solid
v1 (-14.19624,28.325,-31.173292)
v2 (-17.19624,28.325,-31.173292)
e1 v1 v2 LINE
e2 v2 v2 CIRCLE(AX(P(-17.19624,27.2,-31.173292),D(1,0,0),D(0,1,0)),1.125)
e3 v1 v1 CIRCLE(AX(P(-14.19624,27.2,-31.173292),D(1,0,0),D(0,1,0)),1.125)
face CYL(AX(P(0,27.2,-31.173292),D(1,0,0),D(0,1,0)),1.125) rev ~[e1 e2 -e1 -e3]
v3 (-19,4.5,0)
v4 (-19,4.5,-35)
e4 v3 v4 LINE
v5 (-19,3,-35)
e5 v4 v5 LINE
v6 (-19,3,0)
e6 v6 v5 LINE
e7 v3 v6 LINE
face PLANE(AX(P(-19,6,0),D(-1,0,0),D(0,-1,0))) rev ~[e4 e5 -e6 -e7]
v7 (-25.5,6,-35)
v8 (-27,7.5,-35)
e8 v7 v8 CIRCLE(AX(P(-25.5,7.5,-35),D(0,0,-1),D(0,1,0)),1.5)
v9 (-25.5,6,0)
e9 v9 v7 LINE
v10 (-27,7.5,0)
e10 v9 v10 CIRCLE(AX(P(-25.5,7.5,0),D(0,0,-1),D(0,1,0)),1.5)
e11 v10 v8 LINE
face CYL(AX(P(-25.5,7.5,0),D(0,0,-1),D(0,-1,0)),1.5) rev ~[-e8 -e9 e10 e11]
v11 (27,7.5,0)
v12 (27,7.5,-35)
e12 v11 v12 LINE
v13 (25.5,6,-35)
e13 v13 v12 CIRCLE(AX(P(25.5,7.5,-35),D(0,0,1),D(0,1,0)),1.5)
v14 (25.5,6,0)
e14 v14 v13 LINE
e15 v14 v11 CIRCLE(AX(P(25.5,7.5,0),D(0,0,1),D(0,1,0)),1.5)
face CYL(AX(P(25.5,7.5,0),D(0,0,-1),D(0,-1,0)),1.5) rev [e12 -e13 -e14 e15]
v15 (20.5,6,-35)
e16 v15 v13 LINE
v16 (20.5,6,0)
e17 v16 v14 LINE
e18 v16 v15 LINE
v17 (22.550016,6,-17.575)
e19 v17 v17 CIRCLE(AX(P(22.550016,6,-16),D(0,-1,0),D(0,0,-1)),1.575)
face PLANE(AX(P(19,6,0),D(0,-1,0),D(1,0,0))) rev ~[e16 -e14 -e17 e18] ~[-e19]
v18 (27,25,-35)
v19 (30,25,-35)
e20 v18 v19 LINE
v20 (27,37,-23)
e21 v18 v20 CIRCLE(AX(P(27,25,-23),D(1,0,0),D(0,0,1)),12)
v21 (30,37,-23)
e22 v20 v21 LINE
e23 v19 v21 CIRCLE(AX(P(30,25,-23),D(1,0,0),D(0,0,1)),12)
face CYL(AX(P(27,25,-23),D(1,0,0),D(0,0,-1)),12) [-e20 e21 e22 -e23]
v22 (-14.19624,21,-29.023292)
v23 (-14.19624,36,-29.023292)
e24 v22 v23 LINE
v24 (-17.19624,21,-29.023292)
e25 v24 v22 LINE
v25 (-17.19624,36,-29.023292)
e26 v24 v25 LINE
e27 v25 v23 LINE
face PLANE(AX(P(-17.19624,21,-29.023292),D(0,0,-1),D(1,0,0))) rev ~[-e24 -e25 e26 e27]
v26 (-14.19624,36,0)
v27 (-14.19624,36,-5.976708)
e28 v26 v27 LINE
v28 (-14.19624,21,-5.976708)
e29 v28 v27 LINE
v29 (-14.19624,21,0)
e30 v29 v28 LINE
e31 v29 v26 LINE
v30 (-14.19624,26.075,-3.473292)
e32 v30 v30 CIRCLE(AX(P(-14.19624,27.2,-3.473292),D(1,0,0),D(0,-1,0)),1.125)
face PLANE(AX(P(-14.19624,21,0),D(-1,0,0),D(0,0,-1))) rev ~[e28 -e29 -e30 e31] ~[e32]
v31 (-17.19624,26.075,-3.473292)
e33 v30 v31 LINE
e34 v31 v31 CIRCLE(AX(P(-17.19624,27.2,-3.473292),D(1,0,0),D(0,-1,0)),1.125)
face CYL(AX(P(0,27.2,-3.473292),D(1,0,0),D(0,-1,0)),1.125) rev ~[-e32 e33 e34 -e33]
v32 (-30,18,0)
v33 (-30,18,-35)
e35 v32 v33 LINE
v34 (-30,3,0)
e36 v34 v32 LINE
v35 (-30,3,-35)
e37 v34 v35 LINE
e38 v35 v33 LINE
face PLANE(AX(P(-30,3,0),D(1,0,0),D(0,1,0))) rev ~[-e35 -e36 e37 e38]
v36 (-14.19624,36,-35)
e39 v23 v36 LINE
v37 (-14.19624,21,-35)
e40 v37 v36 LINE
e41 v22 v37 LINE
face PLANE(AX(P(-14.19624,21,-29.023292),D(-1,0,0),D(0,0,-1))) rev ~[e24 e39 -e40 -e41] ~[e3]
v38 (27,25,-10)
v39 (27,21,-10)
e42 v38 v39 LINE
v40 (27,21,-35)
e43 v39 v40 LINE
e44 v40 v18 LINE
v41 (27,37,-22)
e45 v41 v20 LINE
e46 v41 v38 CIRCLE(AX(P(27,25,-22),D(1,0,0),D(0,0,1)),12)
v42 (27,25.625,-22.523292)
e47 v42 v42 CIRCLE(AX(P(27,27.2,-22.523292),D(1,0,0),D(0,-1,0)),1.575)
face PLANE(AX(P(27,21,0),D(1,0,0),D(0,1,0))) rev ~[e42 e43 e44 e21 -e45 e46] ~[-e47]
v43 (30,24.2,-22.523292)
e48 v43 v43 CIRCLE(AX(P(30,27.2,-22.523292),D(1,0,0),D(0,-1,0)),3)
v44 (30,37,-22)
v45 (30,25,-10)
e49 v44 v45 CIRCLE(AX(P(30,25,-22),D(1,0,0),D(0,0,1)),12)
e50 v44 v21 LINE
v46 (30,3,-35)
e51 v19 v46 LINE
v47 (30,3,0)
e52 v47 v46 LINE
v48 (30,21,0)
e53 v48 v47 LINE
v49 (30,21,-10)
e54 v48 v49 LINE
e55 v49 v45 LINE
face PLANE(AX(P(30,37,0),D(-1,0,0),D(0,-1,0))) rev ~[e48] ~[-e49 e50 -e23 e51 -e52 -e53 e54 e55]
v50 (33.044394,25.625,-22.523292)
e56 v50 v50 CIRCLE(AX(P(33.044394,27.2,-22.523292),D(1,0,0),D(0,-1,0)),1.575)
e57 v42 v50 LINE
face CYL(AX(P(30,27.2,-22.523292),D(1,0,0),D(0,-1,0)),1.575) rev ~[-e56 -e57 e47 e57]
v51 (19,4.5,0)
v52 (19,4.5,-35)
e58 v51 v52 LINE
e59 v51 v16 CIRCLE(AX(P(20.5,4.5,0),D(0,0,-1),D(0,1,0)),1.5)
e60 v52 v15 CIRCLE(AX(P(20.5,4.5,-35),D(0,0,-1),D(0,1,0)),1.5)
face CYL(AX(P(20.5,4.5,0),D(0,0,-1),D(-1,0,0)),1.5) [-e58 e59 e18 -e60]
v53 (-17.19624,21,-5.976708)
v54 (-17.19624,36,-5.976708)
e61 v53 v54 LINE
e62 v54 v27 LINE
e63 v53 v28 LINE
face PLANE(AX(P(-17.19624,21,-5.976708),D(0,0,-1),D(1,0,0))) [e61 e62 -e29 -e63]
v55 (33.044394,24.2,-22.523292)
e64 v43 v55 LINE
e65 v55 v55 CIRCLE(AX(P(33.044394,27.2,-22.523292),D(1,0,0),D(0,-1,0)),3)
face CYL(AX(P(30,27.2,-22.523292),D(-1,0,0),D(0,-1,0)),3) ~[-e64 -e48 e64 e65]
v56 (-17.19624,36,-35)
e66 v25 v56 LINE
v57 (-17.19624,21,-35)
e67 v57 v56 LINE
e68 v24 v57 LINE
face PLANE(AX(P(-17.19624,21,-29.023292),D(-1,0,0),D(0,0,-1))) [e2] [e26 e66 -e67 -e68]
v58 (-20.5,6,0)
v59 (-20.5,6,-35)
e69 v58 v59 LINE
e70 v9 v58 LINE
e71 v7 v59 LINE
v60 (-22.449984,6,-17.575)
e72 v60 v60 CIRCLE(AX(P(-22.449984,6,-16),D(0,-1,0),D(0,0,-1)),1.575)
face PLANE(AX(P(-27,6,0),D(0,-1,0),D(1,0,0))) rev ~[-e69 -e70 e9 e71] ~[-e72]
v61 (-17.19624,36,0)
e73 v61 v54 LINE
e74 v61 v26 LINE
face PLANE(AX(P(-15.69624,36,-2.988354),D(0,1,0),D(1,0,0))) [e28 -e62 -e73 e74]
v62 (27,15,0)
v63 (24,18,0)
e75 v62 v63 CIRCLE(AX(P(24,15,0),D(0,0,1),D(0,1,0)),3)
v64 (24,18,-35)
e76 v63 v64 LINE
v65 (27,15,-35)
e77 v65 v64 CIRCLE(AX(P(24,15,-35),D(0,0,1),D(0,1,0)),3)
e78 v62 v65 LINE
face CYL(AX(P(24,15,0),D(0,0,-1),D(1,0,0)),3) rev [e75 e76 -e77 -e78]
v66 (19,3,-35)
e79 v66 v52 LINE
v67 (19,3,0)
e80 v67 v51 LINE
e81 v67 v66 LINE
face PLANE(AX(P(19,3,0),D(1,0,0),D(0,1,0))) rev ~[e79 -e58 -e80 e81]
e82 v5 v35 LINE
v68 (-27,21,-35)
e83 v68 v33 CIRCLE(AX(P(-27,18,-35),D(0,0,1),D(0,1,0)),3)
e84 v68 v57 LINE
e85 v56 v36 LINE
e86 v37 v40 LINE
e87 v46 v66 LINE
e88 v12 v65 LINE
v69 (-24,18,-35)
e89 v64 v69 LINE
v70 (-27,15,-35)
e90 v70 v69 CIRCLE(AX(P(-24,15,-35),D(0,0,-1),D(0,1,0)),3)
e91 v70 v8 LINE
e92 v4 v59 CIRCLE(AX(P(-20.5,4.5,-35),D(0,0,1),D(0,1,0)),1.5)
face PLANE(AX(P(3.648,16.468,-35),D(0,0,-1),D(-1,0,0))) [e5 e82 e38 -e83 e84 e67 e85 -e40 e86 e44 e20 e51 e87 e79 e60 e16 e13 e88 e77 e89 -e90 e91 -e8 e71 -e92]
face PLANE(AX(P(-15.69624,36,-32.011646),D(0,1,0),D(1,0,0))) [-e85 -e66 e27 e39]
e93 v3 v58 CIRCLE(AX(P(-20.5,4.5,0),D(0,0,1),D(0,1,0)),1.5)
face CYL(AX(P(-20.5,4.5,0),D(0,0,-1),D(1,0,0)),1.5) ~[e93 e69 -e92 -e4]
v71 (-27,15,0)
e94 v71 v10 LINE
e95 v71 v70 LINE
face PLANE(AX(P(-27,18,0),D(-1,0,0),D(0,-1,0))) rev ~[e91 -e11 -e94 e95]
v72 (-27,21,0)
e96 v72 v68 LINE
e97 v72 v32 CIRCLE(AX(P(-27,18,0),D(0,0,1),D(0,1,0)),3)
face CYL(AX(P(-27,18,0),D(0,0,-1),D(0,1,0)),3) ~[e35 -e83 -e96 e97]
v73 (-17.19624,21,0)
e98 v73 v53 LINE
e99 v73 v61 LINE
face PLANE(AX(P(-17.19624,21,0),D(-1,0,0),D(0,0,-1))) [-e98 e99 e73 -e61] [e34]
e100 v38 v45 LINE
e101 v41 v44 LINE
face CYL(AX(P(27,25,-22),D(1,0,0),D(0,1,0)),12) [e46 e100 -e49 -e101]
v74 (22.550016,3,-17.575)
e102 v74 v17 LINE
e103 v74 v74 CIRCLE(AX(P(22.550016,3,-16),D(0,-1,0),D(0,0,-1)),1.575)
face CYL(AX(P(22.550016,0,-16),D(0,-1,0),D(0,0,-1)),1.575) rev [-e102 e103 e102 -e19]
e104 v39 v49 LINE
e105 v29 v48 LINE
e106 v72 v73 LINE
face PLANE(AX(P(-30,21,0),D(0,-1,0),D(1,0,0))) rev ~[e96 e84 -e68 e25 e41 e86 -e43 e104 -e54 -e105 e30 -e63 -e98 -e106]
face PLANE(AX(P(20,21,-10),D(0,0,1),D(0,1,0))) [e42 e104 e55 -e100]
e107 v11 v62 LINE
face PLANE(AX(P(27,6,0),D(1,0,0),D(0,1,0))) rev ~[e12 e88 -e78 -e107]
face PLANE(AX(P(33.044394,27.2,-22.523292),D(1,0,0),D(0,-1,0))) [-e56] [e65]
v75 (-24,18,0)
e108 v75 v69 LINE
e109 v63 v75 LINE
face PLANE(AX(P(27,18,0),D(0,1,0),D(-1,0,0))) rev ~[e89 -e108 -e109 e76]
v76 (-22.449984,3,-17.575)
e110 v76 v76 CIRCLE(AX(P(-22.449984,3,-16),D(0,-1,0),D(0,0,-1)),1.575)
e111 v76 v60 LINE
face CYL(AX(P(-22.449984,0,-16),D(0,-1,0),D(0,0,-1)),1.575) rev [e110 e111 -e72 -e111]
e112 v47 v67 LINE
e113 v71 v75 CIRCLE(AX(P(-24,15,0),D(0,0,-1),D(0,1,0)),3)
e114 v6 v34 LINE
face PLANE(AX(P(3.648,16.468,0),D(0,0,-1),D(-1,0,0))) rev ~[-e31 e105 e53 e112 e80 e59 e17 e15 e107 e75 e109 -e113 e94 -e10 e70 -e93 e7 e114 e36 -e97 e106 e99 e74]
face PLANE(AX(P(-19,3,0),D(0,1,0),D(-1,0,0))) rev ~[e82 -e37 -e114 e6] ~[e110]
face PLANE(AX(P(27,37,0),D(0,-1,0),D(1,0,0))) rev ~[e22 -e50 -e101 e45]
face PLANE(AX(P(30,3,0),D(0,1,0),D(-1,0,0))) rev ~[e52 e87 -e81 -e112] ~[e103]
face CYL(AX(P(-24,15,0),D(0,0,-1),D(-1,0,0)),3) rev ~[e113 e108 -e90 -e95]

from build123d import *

# Parameters (mm, degrees)
BOSS_EXTRUDE1_DEPTH     = 35
SKETCH3_R               = 1.575
CUT_EXTRUDE1_DEPTH      = 10
CUT_EXTRUDE2_DEPTH      = 79.70196948
CUT_EXTRUDE2_DEPTH_BACK = 10
SKETCH5_W               = 10
SKETCH5_H               = 16
FILLET2_R               = 12
FILLET3_R               = 3
FILLET4_R               = 1.5
SKETCH6_W               = 3
SKETCH6_H               = 5.976707935
BOSS_EXTRUDE2_DEPTH     = 15
SKETCH8_R               = 1.125
CUT_EXTRUDE3_DEPTH      = 25
SKETCH10_R              = 3
BOSS_EXTRUDE3_DEPTH     = 3.044394089
SKETCH11_R              = 1.575
CUT_EXTRUDE4_DEPTH      = 7.5


with BuildPart() as part:
    # Sketch2 → Boss-Extrude1 (new body)
    with BuildSketch(Plane.XY):
        Polygon((27, 21), (27, 37), (30, 37), (30, 3), (19, 3), (19, 6), (27, 6), (27, 18), (-27, 18), (-27, 6), (-19, 6), (-19, 3), (-30, 3), (-30, 21), align=None)
    extrude(amount=-BOSS_EXTRUDE1_DEPTH)

    # Sketch3 → Cut-Extrude1 (cut)
    with BuildSketch(Plane(origin=(0, 0, 0), x_dir=(1, 0, 0), z_dir=(0, 1, 0))):
        with Locations(Location((-22.449984171, 16, 0), (0, 0, 90))):
            Circle(SKETCH3_R)
        with Locations(Location((22.550015829, 16, 0), (0, 0, 90))):
            Circle(SKETCH3_R)
    extrude(amount=CUT_EXTRUDE1_DEPTH, mode=Mode.SUBTRACT)

    # Sketch5 → Cut-Extrude2 (cut, two sides: drawn at the far end of the back side and taken through both)
    with BuildSketch(Plane(origin=(30, 0, 0), x_dir=(0, 0, -1), z_dir=(1, 0, 0)).offset(-CUT_EXTRUDE2_DEPTH_BACK)):
        with Locations((5, 29)):
            Rectangle(SKETCH5_W, SKETCH5_H)
    extrude(amount=CUT_EXTRUDE2_DEPTH + CUT_EXTRUDE2_DEPTH_BACK, mode=Mode.SUBTRACT)

    # Fillet2
    fillet2_edges = [part.edges().sort_by_distance(p)[0] for p in [
        (28.5, 37, -10),
        (28.5, 37, -35),
    ]]
    fillet(fillet2_edges, radius=FILLET2_R)

    # Fillet3
    fillet3_edges = [part.edges().sort_by_distance(p)[0] for p in [
        (27, 18, -17.5),
        (-27, 18, -17.5),
        (-30, 21, -17.5),
    ]]
    fillet(fillet3_edges, radius=FILLET3_R)

    # Fillet4
    fillet4_edges = [part.edges().sort_by_distance(p)[0] for p in [
        (19, 6, -17.5),
        (27, 6, -17.5),
        (-27, 6, -17.5),
        (-19, 6, -17.5),
    ]]
    fillet(fillet4_edges, radius=FILLET4_R)

    # Sketch6 → Boss-Extrude2 (add)
    with BuildSketch(Plane(origin=(0, 21, 0), x_dir=(1, 0, 0), z_dir=(0, 1, 0))):
        with Locations((-15.696239988, 32.011646033)):
            Rectangle(SKETCH6_W, SKETCH6_H)
        with Locations((-15.696239988, 2.988353968)):
            Rectangle(SKETCH6_W, SKETCH6_H)
    extrude(amount=BOSS_EXTRUDE2_DEPTH)

    # Sketch8 → Cut-Extrude3 (cut)
    with BuildSketch(Plane(origin=(0, 0, 0), x_dir=(0, 0, -1), z_dir=(1, 0, 0))):
        with Locations(Location((3.473292065, 27.2, 0), (0, 0, 270))):
            Circle(SKETCH8_R)
        with Locations(Location((31.173292065, 27.2, 0), (0, 0, 90))):
            Circle(SKETCH8_R)
    extrude(amount=-CUT_EXTRUDE3_DEPTH, mode=Mode.SUBTRACT)

    # Sketch10 → Boss-Extrude3 (add)
    with BuildSketch(Plane(origin=(30, 0, 0), x_dir=(0, 0, -1), z_dir=(1, 0, 0))):
        with Locations(Location((22.523292065, 27.2, 0), (0, 0, 270))):
            Circle(SKETCH10_R)
    extrude(amount=BOSS_EXTRUDE3_DEPTH)

    # Sketch11 → Cut-Extrude4 (cut, symmetric)
    with BuildSketch(Plane(origin=(30, 0, 0), x_dir=(0, 0, -1), z_dir=(1, 0, 0))):
        with Locations(Location((22.523292065, 27.2, 0), (0, 0, 270))):
            Circle(SKETCH11_R)
    extrude(amount=CUT_EXTRUDE4_DEPTH, both=True, mode=Mode.SUBTRACT)


solid = part.part
